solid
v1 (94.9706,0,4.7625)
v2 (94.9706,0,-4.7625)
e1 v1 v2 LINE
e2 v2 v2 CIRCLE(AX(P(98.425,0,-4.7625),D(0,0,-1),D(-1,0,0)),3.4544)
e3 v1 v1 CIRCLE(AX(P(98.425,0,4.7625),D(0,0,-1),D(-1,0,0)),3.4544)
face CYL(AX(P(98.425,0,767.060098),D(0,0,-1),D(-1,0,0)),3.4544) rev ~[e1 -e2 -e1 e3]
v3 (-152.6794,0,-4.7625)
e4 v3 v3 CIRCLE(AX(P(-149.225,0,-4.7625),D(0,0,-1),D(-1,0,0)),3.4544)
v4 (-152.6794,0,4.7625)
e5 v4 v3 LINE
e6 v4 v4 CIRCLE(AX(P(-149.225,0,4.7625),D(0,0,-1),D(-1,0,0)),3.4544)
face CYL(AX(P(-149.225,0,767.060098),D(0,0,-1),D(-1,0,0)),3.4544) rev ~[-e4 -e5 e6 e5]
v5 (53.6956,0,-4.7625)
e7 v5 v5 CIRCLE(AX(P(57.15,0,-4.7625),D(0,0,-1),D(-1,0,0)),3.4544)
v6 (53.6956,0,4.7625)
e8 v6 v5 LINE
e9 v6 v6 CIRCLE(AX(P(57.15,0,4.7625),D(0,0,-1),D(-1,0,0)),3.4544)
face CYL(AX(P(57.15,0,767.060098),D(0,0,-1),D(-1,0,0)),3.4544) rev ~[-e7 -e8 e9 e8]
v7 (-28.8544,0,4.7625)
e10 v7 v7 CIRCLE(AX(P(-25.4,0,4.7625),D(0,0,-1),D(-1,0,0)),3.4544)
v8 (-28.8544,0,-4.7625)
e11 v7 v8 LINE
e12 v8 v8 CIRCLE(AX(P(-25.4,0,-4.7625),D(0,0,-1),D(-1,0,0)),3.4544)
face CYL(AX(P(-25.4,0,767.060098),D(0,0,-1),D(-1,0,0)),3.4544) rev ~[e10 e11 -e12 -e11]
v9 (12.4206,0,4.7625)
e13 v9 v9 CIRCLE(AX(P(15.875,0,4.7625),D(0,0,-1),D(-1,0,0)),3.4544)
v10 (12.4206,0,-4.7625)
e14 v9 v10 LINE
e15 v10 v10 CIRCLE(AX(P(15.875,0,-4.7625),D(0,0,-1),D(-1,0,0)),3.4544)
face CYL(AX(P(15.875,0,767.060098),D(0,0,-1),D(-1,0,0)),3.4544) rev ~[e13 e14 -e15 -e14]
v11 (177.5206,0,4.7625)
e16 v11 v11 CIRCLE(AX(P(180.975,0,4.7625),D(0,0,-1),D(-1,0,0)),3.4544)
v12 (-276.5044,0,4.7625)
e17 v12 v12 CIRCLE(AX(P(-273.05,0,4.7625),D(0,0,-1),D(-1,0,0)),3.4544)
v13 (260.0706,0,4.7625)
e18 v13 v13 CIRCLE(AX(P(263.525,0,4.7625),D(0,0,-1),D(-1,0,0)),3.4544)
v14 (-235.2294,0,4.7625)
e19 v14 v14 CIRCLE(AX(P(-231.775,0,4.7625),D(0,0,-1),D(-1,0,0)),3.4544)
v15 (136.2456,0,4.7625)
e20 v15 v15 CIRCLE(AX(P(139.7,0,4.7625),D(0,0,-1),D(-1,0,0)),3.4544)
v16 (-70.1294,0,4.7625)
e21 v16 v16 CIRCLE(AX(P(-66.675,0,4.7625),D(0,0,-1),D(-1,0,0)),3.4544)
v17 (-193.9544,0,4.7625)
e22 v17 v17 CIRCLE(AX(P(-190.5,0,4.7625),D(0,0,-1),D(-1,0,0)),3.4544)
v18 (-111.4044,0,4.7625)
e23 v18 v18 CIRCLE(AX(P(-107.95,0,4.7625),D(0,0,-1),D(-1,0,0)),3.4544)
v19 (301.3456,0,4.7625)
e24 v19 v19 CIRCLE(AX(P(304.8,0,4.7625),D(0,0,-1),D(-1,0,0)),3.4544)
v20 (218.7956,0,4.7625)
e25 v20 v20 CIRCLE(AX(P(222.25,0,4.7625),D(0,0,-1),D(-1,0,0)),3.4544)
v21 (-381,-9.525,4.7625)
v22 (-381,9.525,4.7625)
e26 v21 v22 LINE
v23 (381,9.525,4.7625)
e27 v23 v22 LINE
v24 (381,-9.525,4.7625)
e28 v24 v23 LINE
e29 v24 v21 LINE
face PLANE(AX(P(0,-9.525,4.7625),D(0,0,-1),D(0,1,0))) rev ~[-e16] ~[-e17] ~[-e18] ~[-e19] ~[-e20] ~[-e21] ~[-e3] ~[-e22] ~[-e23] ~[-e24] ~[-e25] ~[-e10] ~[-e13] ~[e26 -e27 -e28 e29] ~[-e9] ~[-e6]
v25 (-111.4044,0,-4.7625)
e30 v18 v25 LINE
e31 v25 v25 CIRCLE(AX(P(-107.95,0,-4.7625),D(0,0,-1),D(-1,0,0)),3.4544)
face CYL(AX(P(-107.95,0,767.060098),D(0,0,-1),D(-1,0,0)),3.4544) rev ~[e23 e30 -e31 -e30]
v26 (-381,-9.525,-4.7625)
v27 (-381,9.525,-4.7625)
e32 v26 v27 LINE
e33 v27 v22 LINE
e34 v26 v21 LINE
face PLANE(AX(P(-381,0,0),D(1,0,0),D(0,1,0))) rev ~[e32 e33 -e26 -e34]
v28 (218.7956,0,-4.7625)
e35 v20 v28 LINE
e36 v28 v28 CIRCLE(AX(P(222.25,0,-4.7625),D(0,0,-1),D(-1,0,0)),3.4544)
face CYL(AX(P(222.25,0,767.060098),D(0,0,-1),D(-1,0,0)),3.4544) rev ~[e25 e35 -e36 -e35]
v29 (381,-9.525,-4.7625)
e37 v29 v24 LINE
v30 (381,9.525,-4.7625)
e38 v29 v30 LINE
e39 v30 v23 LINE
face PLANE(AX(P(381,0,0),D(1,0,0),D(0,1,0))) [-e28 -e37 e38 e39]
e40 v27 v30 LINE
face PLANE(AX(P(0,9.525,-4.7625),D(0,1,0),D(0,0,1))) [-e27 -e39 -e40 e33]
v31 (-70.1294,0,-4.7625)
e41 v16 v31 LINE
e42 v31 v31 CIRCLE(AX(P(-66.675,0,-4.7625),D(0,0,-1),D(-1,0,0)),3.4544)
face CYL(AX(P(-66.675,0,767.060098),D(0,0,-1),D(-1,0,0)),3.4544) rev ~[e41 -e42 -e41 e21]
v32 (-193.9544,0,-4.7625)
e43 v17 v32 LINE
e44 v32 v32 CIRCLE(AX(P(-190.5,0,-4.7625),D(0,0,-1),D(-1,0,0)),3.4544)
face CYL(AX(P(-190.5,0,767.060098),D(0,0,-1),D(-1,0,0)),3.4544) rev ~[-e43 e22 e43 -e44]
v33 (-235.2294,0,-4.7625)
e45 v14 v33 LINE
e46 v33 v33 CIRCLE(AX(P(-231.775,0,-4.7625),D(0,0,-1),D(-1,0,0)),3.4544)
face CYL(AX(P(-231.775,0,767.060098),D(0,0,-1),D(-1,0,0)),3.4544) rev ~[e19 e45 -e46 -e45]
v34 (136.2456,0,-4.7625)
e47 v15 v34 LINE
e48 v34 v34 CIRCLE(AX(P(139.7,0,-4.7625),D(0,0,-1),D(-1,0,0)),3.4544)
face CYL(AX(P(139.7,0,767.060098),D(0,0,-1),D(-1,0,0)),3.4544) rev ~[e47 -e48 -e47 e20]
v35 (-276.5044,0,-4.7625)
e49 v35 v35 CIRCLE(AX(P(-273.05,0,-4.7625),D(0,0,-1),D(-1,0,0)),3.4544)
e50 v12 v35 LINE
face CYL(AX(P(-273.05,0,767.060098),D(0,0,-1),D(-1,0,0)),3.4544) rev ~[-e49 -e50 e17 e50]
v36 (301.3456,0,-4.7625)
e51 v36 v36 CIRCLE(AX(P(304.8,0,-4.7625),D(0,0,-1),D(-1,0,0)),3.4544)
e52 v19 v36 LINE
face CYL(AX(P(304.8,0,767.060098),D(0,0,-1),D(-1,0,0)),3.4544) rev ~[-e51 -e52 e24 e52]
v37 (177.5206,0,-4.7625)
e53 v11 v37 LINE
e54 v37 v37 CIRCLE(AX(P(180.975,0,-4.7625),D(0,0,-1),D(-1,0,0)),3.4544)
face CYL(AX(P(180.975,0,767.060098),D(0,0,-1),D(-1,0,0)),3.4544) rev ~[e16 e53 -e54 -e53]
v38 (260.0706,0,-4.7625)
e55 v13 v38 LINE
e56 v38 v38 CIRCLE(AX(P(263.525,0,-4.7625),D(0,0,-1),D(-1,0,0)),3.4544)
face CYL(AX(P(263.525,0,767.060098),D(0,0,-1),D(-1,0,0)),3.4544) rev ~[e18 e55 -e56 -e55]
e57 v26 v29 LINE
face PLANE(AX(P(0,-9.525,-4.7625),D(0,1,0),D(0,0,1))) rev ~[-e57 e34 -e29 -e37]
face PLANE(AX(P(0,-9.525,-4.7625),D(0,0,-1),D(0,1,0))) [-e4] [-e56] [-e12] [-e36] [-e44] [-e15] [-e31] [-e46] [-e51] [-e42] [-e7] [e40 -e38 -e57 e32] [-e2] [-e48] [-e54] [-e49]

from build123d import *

# Parameters (mm, degrees)
F0_W     = 19.05
F0_H     = 9.525
F1_DEPTH = 381
F3_D     = 6.9088


with BuildPart() as f1:
    # F0 (on Right) → F1 (new body, symmetric)
    with BuildSketch(Plane.YZ):
        Rectangle(F0_W, F0_H)
    extrude(amount=F1_DEPTH, both=True)

    # F3 (through all)
    with Locations(Plane.XY.offset(4.7625)):
        with Locations((304.8, 0), (263.525, 0), (222.25, 0), (180.975, 0), (139.7, 0), (98.425, 0), (57.15, 0), (15.875, 0), (-25.4, 0), (-66.675, 0), (-107.95, 0), (-149.225, 0), (-190.5, 0), (-231.775, 0), (-273.05, 0)):
            Hole(F3_D / 2)


solid = f1.part
